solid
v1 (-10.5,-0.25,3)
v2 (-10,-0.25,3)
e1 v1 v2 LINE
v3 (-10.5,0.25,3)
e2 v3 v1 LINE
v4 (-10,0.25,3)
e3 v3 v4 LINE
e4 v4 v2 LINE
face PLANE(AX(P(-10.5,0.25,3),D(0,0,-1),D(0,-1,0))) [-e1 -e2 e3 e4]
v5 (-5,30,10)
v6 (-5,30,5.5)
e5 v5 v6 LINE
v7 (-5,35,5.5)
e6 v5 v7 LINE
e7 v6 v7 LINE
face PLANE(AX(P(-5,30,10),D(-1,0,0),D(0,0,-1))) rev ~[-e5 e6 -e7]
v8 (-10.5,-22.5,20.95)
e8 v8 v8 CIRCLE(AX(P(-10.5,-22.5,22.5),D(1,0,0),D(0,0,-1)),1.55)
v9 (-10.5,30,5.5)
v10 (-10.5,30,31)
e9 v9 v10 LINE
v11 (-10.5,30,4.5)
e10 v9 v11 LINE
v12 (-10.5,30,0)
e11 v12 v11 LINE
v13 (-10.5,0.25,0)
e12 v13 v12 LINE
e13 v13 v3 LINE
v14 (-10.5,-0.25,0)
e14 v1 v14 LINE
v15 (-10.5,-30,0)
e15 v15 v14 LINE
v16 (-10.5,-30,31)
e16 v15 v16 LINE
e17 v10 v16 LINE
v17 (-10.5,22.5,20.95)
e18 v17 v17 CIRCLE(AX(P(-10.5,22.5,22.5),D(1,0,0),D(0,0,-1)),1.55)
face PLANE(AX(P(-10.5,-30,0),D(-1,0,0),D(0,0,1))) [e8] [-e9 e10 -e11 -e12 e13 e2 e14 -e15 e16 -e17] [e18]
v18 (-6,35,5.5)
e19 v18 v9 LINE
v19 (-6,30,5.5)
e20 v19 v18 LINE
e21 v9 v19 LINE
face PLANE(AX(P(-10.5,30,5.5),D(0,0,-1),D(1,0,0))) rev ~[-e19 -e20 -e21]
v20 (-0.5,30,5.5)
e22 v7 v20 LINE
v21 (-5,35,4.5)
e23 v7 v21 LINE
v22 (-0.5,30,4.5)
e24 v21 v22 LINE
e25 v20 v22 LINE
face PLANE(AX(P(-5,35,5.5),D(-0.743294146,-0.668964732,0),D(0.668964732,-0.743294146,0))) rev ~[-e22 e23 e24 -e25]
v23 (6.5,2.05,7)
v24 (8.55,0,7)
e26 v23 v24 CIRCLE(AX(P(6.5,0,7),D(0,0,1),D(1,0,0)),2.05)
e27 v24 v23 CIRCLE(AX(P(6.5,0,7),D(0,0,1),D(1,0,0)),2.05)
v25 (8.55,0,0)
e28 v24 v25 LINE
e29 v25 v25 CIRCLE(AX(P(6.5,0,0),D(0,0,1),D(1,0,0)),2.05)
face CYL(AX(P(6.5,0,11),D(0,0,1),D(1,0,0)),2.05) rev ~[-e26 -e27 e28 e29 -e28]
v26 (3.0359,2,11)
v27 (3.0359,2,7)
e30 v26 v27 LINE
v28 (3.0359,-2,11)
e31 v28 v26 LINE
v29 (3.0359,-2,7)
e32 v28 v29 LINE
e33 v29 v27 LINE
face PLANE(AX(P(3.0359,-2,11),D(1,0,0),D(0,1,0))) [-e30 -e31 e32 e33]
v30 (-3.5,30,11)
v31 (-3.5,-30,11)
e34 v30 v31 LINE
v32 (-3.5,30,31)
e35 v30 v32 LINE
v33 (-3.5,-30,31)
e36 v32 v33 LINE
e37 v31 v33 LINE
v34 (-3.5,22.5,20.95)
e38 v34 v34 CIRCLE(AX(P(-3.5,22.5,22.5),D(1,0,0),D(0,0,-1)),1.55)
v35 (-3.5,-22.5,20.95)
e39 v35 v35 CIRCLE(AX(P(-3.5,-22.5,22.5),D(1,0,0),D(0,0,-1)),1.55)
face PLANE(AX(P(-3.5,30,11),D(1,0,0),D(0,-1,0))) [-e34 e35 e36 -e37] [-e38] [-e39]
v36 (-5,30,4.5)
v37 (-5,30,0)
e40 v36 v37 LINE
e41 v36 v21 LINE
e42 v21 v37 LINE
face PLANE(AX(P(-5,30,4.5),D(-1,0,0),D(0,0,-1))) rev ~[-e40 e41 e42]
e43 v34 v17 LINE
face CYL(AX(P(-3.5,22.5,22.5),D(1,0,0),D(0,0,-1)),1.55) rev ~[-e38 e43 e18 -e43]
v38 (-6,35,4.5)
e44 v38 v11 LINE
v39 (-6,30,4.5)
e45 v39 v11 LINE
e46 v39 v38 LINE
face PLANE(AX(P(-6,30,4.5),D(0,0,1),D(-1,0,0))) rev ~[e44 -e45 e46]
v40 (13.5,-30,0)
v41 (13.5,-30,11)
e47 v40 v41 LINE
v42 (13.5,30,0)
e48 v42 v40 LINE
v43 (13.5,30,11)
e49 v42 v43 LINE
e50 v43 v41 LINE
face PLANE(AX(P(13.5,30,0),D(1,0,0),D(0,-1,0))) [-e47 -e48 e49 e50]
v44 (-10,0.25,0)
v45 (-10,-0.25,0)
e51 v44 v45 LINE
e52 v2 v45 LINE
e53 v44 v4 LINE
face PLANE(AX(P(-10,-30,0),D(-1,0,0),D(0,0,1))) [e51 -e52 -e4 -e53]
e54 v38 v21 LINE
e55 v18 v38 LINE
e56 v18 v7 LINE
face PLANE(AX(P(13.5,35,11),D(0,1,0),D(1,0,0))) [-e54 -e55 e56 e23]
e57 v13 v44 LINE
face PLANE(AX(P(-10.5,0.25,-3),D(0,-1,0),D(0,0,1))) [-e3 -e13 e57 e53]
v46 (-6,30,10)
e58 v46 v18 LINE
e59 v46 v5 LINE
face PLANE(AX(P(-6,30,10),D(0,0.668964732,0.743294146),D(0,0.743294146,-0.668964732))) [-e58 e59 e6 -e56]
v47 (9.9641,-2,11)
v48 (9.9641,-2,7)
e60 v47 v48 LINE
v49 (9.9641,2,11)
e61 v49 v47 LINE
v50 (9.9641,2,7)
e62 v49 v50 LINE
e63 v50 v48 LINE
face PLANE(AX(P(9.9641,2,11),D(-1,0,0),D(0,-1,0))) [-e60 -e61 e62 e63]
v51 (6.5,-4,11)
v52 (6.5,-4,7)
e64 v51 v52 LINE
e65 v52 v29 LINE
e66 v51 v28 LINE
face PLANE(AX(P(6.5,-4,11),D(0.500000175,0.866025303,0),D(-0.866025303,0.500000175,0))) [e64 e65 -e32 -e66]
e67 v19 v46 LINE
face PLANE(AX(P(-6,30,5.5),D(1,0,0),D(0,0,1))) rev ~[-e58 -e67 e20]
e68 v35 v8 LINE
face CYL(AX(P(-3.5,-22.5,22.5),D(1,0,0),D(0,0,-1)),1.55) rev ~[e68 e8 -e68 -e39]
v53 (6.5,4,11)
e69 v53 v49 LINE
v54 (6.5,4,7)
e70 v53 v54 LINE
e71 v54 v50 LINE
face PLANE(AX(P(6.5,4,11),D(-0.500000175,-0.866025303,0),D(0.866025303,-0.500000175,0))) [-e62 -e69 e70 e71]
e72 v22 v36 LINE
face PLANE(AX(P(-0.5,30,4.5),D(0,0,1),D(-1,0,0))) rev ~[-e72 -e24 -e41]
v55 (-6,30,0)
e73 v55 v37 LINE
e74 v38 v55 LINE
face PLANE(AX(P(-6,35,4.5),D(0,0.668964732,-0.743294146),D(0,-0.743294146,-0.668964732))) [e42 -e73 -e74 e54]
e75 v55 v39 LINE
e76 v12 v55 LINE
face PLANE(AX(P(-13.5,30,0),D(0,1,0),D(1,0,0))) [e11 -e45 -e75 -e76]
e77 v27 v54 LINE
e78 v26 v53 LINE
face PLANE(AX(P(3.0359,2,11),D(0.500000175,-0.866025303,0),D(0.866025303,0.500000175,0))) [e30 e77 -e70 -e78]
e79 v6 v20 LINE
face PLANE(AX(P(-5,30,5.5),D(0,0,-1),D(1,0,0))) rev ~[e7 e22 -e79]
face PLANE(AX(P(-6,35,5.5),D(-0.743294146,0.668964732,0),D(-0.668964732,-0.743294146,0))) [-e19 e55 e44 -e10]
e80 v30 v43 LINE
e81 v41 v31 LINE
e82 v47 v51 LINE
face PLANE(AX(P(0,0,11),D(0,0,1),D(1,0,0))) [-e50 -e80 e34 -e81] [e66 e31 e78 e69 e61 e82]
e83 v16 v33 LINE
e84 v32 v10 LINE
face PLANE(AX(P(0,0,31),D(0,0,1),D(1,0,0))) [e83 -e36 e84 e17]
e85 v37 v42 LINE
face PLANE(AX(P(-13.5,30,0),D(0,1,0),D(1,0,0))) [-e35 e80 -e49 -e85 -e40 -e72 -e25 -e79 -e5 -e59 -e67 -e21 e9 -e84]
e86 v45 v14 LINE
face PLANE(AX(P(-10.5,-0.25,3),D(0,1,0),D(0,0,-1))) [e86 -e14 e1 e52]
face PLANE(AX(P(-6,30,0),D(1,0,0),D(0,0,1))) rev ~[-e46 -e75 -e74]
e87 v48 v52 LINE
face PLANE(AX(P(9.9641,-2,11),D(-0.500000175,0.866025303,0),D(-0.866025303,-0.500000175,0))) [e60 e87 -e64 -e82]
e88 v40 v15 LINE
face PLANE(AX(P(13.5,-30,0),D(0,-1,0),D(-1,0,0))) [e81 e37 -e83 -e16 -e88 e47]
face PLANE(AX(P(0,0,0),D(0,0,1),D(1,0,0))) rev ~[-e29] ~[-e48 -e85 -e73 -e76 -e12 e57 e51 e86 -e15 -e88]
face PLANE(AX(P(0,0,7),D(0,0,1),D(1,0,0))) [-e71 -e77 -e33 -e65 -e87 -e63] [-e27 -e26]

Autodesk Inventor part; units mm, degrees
ref_plane "YZ Plane" through (0, 0, 0) normal (1, 0, 0) x (0, 1, 0)
ref_plane "XZ Plane" through (0, 0, 0) normal (0, 1, 0) x (-1, 0, 0)
ref_plane "XY Plane" through (0, 0, 0) normal (0, 0, 1) x (1, 0, 0)
sketch "Skizze1" plane through (0, 0, 0) normal (0, 0, 1) x (1, 0, 0)
  line L0 (-13.5, 30) -> (13.5, 30)
  line L1 (13.5, 30) -> (13.5, -30)
  line L2 (13.5, -30) -> (-13.5, -30)
  line L3 (-13.5, -30) -> (-13.5, 30)
  line L4 (-13.5, 30) -> (13.5, -30) construction
  line L5 (13.5, 30) -> (-13.5, -30) construction
  point P0 (0, 0)
  dimension "d0" = 27
  dimension "d1" = 60
extrude "Extrusion1" add sketch "Skizze1" along normal blind 11
sketch "Skizze2" plane through (0, 0, 11) normal (0, 0, 1) x (1, 0, 0)
  line L0 (13.5, 30) -> (-13.5, 30) projected
  line L1 (-13.5, -30) -> (13.5, -30) projected
  line L2 (-13.5, 30) -> (-3.5, 30)
  line L3 (-3.5, 30) -> (-3.5, -30)
  line L4 (-3.5, -30) -> (-13.5, -30)
  line L5 (-13.5, -30) -> (-13.5, 30)
  point P0 (0, 0)
  dimension "d4" = 10
extrude "Extrusion2" add sketch "Skizze2" along normal blind 20
sketch "Skizze3" plane through (-3.5, -30, 11) normal (1, 0, 0) x (0, 0, -1)
  line L0 (0, 60) -> (0, 0) construction
  line L1 (0, 60) -> (-20, 60) construction
  line L2 (-20, 0) -> (-20, 60) construction
  line L3 (0, 0) -> (-20, 0) construction
  line L4 (0, 60) -> (0, 0) projected
  line L5 (0, 30) -> (-11.5, 30) construction
  line L6 (-11.5, 30) -> (-11.5, 52.5) construction
  line L7 (-11.5, 30) -> (-11.5, 7.5) construction
  circle A0 centre (-11.5, 7.5) radius 1.55
  circle A1 centre (-11.5, 52.5) radius 1.55
  point P0 (11, 30)
  dimension "d7" = 11.5
  dimension "d8" = 22.5
  dimension "d9" = 22.5
  dimension "d10" = 3.1
  dimension "d11" = 3.1
extrude "Extrusion3" cut sketch "Skizze3" against normal through all
sketch "Skizze4" plane through (-13.5, -30, 0) normal (-1, 0, 0) x (0, 0, 1)
  circle A0 centre (22.5, 7.5) radius 1.55 projected
  circle A1 centre (22.5, 52.5) radius 1.55 projected
  line L0 (0, 0) -> (0, 60) projected
  line L1 (0, 0) -> (31, 0) projected
  line L2 (31, 60) -> (31, 0) projected
  line L3 (0, 60) -> (31, 60) projected
  point P0 (0, 30)
extrude "Extrusion4" cut sketch "Skizze4" against normal blind 3
sketch "Skizze5" plane through (-10.5, -30, 0) normal (-1, 0, 0) x (0, 0, 1)
  line L0 (-3, 30.25) -> (3, 30.25)
  line L1 (3, 30.25) -> (3, 29.75)
  line L2 (3, 29.75) -> (-3, 29.75)
  line L3 (-3, 29.75) -> (-3, 30.25)
  line L4 (-3, 30.25) -> (3, 29.75) construction
  line L5 (3, 30.25) -> (-3, 29.75) construction
  point P0 (0, 30)
  dimension "d16" = 6
  dimension "d17" = 0.5
extrude "Extrusion5" cut sketch "Skizze5" against normal blind 0.5
sketch "Skizze6" plane through (0, 0, 11) normal (0, 0, 1) x (1, 0, 0)
  line L0 (-3.5, -30) -> (-3.5, 30) projected
  line L1 (-3.5, 0) -> (6.5, 0)
  circle A0 centre (6.5, 0) radius 2.05
  point P0 (0, 0)
  dimension "d20" = 10
  dimension "d21" = 4.1
extrude "Extrusion6" cut sketch "Skizze6" against normal through all
sketch "Skizze7" plane through (0, 0, 11) normal (0, 0, 1) x (1, 0, 0)
  circle A0 centre (6.5, 0) radius 2.05 projected
  line L0 (6.5, 0) -> (6.5, 4)
  line L1 (6.5, 0) -> (14.5, 0) construction
  line L2 (6.5, 4) -> (9.9641, 2)
  line L3 (9.9641, 2) -> (9.9641, -2)
  line L4 (9.9641, -2) -> (6.5, -4)
  line L5 (6.5, -4) -> (3.0359, -2)
  line L6 (3.0359, -2) -> (3.0359, 2)
  line L7 (3.0359, 2) -> (6.5, 4)
  point P0 (0, 0)
  dimension "d24" = 4
extrude "Extrusion7" cut sketch "Skizze7" against normal blind 4
ref_plane "Arbeitsebene1" through (6.5, 0, 11) normal (0, 0, 1) x (1, 0, 0)
ref_plane "Arbeitsebene2" through (6.5, 0, 11) normal (0, 1, 0) x (1, 0, 0)
ref_plane "Arbeitsebene3" through (6.5, 0, 11) normal (1, 0, 0) x (0, 0, -1)
sketch "Skizze11" plane through (13.5, 30, 11) normal (0, 1, 0) x (1, 0, 0)
  line L0 (-24, 11) -> (-24, -20) construction
  line L1 (-17, -20) -> (-24, -20) construction
  line L2 (-17, 0) -> (-17, -20) construction
  line L3 (0, 0) -> (-17, 0) construction
  line L4 (0, 11) -> (0, 0) construction
  line L5 (-24, 11) -> (0, 11) construction
  line L6 (0, 11) -> (-24, 11) projected
  line L7 (-24, 11) -> (-14, 11) construction
  line L8 (-14, 11) -> (-14, 1) construction
  line L9 (-14, 1) -> (-24, 1) construction
  line L10 (-24, 1) -> (-24, 11) construction
  line L11 (-24, 11) -> (-24, -20) projected
  line L12 (-14, 6.5) -> (-24, 6.5)
  line L13 (-24, 6.5) -> (-24, 5.5)
  line L14 (-24, 5.5) -> (-14, 5.5)
  line L15 (-14, 5.5) -> (-14, 6.5)
  line L16 (-14, 6.5) -> (-24, 5.5) construction
  line L17 (-24, 6.5) -> (-14, 5.5) construction
  line L18 (-18.5, 11) -> (-19.5, 11)
  line L19 (-19.5, 11) -> (-19.5, 1)
  line L20 (-19.5, 1) -> (-18.5, 1)
  line L21 (-18.5, 1) -> (-18.5, 11)
  line L22 (-18.5, 11) -> (-19.5, 1) construction
  line L23 (-19.5, 11) -> (-18.5, 1) construction
  point P0 (-13.5, 11)
  point P1 (-19, 6)
  point P2 (-19, 6)
  dimension "d46" = 10
  dimension "d47" = 10
extrude "Extrusion11" add sketch "Skizze11" along normal blind 5 contours L21 L12 L19 L6 | L21 L14 L19 L12 | L12 L15 L14 L21 | L19 L14 L11 L12 | L21 L20 L19 L14
sketch "Skizze12" plane through (-6, 30, 5.5) normal (-1, 0, 0) x (0, 0, 1)
  line L0 (0, 5) -> (0, 0) projected
  line L1 (4.5, 0) -> (0, 0) projected
  line L2 (4.5, 0) -> (4.5, 5) projected
  line L3 (0, 5) -> (4.5, 5) projected
  line L4 (-1, 0) -> (-1, 5) projected
  line L5 (-5.5, 5) -> (-1, 5) projected
  line L6 (-5.5, 0) -> (-5.5, 5) projected
  line L7 (-1, 0) -> (-5.5, 0) projected
  line L8 (0, 0) -> (0, 5) projected
  line L9 (4.5, 0) -> (4.5, 5) projected
  line L10 (0, 5) -> (4.5, 5)
  line L11 (4.5, 5) -> (4.5, 0)
  line L12 (4.5, 0) -> (0, 5)
  line L13 (-5.5, 5) -> (-1, 5) projected
  line L14 (-5.5, 5) -> (-1, 5)
  line L15 (-5.5, 0) -> (5.5, 0) projected
  line L16 (-1, 5) -> (-5.5, 0)
  line L17 (-5.5, 0) -> (-5.5, 5)
  point P0 (-5.5, -30)
extrude "Extrusion12" cut sketch "Skizze12" against normal up to surface (1 mm away) contours L3 L2 L12 | L16 L6 L5
sketch "Skizze13" plane through (-10.5, 30, 5.5) normal (0, 0, 1) x (1, 0, 0)
  line L0 (4.5, 5) -> (4.5, 0) projected
  line L1 (0, 5) -> (4.5, 5) projected
  line L2 (0, 0) -> (0, 5) projected
  line L3 (4.5, 0) -> (0, 0) projected
  line L4 (5.5, 0) -> (5.5, 5) projected
  line L5 (10, 0) -> (5.5, 0) projected
  line L6 (10, 0) -> (10, 5) projected
  line L7 (5.5, 5) -> (10, 5) projected
  line L8 (4.5, 0) -> (4.5, 5) projected
  line L9 (4.5, 5) -> (0, 0)
  line L10 (0, 5) -> (4.5, 5) projected
  line L11 (0, 5) -> (4.5, 5)
  line L12 (0, 5) -> (0, 0)
  line L13 (5.5, 5) -> (5.5, 0) projected
  line L14 (5.5, 0) -> (5.5, 5)
  line L15 (10, 5) -> (5.5, 5) projected
  line L16 (5.5, 5) -> (10, 5)
  line L17 (5.5, 5) -> (10, 0)
  line L18 (10, 0) -> (10, 5) projected
  line L19 (10, 5) -> (10, 0)
  point P0 (10.5, -30)
extrude "Extrusion13" cut sketch "Skizze13" against normal up to surface (1 mm away) contours L9 L2 L1 | L7 L6 L17
properties part number "cam_holder_hog_part" material "Acetalharz, Schwarz"
